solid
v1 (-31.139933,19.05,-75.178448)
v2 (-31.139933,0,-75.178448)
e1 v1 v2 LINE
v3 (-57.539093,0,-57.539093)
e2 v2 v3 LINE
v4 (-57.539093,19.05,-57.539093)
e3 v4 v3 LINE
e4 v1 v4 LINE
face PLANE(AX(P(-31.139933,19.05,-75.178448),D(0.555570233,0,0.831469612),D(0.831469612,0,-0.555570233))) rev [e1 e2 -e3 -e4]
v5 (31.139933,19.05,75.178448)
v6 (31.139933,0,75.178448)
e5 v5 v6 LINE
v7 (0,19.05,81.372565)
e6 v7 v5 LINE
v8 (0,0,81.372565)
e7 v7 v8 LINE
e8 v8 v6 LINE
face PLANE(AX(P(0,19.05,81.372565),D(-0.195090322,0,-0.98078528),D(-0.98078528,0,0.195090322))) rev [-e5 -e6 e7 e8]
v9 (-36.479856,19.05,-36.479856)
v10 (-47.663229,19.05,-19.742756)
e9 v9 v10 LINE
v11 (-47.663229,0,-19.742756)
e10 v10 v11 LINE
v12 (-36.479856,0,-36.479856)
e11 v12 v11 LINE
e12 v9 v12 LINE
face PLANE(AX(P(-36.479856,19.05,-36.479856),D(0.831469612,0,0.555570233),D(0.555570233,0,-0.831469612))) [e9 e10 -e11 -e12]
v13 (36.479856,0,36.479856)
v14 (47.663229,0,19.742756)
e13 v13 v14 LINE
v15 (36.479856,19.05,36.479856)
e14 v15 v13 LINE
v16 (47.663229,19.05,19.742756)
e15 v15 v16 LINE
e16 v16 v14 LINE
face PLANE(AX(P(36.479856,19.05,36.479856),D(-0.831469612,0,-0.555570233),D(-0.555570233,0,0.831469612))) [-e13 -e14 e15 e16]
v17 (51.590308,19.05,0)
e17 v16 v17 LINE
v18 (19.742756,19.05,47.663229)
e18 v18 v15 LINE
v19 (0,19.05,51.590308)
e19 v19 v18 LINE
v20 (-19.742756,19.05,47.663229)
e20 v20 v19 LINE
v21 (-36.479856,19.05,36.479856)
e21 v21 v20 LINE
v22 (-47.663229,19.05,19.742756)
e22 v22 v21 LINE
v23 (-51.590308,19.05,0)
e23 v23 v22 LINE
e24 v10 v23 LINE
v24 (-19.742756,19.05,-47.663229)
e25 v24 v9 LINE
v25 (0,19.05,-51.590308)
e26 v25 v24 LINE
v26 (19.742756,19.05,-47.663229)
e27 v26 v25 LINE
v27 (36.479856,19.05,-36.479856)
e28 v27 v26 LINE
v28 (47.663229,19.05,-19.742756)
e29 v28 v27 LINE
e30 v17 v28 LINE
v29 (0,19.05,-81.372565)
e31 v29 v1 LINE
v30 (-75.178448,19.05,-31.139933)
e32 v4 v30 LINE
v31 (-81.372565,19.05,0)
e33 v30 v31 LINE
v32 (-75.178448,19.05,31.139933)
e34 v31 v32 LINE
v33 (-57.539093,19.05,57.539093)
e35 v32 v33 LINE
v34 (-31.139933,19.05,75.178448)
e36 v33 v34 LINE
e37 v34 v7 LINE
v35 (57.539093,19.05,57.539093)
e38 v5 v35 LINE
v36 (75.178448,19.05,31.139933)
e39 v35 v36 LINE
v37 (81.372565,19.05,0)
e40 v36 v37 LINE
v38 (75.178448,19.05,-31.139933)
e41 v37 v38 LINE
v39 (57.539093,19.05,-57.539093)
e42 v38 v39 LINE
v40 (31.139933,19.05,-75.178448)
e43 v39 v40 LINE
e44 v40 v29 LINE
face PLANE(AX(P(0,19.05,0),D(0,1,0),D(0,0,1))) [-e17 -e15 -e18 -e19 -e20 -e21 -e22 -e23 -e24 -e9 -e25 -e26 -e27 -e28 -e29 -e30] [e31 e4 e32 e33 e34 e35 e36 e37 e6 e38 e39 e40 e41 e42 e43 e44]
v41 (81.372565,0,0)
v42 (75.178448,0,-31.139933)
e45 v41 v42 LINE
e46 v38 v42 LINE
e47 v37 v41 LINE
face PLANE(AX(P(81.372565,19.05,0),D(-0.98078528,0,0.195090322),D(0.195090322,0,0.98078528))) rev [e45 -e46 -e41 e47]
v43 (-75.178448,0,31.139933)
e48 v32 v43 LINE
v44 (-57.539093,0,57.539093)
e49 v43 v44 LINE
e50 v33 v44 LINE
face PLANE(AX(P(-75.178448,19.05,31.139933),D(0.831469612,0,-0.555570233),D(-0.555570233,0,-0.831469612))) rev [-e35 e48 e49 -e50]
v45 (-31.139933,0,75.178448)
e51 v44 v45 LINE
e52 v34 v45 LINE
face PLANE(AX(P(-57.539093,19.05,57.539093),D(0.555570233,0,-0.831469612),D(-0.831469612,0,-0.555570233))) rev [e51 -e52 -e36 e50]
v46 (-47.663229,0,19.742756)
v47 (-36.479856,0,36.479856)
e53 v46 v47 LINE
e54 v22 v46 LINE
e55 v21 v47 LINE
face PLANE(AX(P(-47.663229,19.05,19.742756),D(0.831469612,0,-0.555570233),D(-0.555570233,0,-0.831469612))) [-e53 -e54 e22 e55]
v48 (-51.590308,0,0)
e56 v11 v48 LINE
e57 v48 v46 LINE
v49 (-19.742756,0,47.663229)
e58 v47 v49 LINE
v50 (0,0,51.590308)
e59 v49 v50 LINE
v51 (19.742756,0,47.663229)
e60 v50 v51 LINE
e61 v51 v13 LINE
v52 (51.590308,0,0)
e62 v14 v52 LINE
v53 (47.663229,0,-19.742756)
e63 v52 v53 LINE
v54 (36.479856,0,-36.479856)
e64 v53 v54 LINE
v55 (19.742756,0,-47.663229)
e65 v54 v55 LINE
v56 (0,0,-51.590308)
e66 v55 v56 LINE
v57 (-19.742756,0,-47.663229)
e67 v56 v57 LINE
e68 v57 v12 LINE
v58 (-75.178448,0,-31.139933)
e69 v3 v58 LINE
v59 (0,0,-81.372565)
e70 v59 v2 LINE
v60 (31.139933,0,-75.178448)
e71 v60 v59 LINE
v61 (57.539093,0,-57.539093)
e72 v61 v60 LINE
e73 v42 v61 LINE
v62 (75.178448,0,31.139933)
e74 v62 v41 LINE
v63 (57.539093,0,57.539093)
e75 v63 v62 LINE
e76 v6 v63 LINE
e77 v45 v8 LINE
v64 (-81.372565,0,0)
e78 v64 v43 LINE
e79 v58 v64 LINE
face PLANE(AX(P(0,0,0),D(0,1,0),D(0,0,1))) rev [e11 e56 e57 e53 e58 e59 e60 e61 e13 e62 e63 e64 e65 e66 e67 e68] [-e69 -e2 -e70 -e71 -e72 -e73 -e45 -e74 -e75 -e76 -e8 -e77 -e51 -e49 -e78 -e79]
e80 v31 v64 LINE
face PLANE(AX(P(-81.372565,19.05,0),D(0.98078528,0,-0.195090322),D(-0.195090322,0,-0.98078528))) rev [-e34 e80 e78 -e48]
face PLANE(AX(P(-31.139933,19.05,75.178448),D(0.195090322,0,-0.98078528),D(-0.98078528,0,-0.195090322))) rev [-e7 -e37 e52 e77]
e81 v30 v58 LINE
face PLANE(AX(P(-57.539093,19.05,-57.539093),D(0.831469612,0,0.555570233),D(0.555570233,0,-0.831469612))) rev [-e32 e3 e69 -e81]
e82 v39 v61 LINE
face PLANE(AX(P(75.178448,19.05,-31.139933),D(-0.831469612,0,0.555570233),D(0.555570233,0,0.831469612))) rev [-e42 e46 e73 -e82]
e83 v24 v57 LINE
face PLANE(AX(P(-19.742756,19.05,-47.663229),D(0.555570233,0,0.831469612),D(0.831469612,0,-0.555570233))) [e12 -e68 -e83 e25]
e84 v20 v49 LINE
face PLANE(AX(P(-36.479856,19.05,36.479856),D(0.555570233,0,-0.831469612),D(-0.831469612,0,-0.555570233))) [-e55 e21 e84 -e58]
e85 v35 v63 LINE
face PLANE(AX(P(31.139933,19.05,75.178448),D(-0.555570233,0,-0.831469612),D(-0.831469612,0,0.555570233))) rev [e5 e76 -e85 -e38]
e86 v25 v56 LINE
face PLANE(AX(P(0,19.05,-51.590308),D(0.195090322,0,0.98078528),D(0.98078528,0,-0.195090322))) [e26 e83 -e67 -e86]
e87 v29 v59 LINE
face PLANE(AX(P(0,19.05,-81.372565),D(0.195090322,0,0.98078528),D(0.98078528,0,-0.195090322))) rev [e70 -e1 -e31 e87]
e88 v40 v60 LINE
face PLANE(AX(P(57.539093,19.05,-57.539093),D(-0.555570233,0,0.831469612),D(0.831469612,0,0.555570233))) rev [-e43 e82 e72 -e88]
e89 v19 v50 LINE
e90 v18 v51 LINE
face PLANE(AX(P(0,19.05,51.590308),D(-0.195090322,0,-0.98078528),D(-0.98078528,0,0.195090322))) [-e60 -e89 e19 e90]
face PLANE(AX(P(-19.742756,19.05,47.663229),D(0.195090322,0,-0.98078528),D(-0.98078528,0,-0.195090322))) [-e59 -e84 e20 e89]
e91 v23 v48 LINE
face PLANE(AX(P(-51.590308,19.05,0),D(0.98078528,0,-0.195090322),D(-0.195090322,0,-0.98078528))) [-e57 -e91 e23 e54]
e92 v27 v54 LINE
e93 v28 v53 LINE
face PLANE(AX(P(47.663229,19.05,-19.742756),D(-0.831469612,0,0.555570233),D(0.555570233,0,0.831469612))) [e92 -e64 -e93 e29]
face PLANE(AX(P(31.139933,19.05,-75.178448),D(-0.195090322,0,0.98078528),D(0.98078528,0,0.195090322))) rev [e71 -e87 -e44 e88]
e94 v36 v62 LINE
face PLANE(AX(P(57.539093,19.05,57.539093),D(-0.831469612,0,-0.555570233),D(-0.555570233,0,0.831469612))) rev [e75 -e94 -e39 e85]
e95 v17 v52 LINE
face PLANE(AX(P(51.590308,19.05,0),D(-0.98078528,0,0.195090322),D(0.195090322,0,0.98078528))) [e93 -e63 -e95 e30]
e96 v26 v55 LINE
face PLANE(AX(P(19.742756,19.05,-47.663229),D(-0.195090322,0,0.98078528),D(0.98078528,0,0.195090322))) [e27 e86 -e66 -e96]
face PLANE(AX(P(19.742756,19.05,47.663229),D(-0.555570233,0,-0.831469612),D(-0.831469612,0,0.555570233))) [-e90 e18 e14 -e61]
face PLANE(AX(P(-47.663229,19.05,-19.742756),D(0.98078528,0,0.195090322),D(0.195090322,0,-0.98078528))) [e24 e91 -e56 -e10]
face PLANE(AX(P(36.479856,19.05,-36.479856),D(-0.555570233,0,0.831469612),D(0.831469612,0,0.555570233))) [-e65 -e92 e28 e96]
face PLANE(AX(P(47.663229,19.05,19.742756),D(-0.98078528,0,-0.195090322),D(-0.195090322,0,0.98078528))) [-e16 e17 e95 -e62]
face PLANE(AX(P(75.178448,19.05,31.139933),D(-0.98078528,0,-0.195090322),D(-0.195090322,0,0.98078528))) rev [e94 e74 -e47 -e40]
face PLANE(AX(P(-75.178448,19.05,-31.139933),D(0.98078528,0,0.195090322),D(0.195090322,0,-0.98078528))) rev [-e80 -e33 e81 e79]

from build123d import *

# Parameters (mm, degrees)
BOSS_EXTRUDE2_DEPTH = 19.05


with BuildPart() as part:
    # Sketch2 → Boss-Extrude2 (new body)
    with BuildSketch(Plane(origin=(0, 0, 0), x_dir=(1, 0, 0), z_dir=(0, 1, 0))):
        Polygon((-81.372565466, 0), (-75.178447742, -31.139932653), (-57.539092843, -57.539092843), (-31.139932653, -75.178447742), (0, -81.372565466), (31.139932653, -75.178447742), (57.539092843, -57.539092843), (75.178447742, -31.139932653), (81.372565466, 0), (75.178447742, 31.139932653), (57.539092843, 57.539092843), (31.139932653, 75.178447742), (0, 81.372565466), (-31.139932653, 75.178447742), (-57.539092843, 57.539092843), (-75.178447742, 31.139932653), align=None)
        Polygon((-51.590307735, 0), (-47.663229392, -19.742756041), (-36.479856443, -36.479856443), (-19.742756041, -47.663229392), (0, -51.590307735), (19.742756041, -47.663229392), (36.479856443, -36.479856443), (47.663229392, -19.742756041), (51.590307735, 0), (47.663229392, 19.742756041), (36.479856443, 36.479856443), (19.742756041, 47.663229392), (0, 51.590307735), (-19.742756041, 47.663229392), (-36.479856443, 36.479856443), (-47.663229392, 19.742756041), align=None, mode=Mode.SUBTRACT)
    extrude(amount=BOSS_EXTRUDE2_DEPTH)


solid = part.part
